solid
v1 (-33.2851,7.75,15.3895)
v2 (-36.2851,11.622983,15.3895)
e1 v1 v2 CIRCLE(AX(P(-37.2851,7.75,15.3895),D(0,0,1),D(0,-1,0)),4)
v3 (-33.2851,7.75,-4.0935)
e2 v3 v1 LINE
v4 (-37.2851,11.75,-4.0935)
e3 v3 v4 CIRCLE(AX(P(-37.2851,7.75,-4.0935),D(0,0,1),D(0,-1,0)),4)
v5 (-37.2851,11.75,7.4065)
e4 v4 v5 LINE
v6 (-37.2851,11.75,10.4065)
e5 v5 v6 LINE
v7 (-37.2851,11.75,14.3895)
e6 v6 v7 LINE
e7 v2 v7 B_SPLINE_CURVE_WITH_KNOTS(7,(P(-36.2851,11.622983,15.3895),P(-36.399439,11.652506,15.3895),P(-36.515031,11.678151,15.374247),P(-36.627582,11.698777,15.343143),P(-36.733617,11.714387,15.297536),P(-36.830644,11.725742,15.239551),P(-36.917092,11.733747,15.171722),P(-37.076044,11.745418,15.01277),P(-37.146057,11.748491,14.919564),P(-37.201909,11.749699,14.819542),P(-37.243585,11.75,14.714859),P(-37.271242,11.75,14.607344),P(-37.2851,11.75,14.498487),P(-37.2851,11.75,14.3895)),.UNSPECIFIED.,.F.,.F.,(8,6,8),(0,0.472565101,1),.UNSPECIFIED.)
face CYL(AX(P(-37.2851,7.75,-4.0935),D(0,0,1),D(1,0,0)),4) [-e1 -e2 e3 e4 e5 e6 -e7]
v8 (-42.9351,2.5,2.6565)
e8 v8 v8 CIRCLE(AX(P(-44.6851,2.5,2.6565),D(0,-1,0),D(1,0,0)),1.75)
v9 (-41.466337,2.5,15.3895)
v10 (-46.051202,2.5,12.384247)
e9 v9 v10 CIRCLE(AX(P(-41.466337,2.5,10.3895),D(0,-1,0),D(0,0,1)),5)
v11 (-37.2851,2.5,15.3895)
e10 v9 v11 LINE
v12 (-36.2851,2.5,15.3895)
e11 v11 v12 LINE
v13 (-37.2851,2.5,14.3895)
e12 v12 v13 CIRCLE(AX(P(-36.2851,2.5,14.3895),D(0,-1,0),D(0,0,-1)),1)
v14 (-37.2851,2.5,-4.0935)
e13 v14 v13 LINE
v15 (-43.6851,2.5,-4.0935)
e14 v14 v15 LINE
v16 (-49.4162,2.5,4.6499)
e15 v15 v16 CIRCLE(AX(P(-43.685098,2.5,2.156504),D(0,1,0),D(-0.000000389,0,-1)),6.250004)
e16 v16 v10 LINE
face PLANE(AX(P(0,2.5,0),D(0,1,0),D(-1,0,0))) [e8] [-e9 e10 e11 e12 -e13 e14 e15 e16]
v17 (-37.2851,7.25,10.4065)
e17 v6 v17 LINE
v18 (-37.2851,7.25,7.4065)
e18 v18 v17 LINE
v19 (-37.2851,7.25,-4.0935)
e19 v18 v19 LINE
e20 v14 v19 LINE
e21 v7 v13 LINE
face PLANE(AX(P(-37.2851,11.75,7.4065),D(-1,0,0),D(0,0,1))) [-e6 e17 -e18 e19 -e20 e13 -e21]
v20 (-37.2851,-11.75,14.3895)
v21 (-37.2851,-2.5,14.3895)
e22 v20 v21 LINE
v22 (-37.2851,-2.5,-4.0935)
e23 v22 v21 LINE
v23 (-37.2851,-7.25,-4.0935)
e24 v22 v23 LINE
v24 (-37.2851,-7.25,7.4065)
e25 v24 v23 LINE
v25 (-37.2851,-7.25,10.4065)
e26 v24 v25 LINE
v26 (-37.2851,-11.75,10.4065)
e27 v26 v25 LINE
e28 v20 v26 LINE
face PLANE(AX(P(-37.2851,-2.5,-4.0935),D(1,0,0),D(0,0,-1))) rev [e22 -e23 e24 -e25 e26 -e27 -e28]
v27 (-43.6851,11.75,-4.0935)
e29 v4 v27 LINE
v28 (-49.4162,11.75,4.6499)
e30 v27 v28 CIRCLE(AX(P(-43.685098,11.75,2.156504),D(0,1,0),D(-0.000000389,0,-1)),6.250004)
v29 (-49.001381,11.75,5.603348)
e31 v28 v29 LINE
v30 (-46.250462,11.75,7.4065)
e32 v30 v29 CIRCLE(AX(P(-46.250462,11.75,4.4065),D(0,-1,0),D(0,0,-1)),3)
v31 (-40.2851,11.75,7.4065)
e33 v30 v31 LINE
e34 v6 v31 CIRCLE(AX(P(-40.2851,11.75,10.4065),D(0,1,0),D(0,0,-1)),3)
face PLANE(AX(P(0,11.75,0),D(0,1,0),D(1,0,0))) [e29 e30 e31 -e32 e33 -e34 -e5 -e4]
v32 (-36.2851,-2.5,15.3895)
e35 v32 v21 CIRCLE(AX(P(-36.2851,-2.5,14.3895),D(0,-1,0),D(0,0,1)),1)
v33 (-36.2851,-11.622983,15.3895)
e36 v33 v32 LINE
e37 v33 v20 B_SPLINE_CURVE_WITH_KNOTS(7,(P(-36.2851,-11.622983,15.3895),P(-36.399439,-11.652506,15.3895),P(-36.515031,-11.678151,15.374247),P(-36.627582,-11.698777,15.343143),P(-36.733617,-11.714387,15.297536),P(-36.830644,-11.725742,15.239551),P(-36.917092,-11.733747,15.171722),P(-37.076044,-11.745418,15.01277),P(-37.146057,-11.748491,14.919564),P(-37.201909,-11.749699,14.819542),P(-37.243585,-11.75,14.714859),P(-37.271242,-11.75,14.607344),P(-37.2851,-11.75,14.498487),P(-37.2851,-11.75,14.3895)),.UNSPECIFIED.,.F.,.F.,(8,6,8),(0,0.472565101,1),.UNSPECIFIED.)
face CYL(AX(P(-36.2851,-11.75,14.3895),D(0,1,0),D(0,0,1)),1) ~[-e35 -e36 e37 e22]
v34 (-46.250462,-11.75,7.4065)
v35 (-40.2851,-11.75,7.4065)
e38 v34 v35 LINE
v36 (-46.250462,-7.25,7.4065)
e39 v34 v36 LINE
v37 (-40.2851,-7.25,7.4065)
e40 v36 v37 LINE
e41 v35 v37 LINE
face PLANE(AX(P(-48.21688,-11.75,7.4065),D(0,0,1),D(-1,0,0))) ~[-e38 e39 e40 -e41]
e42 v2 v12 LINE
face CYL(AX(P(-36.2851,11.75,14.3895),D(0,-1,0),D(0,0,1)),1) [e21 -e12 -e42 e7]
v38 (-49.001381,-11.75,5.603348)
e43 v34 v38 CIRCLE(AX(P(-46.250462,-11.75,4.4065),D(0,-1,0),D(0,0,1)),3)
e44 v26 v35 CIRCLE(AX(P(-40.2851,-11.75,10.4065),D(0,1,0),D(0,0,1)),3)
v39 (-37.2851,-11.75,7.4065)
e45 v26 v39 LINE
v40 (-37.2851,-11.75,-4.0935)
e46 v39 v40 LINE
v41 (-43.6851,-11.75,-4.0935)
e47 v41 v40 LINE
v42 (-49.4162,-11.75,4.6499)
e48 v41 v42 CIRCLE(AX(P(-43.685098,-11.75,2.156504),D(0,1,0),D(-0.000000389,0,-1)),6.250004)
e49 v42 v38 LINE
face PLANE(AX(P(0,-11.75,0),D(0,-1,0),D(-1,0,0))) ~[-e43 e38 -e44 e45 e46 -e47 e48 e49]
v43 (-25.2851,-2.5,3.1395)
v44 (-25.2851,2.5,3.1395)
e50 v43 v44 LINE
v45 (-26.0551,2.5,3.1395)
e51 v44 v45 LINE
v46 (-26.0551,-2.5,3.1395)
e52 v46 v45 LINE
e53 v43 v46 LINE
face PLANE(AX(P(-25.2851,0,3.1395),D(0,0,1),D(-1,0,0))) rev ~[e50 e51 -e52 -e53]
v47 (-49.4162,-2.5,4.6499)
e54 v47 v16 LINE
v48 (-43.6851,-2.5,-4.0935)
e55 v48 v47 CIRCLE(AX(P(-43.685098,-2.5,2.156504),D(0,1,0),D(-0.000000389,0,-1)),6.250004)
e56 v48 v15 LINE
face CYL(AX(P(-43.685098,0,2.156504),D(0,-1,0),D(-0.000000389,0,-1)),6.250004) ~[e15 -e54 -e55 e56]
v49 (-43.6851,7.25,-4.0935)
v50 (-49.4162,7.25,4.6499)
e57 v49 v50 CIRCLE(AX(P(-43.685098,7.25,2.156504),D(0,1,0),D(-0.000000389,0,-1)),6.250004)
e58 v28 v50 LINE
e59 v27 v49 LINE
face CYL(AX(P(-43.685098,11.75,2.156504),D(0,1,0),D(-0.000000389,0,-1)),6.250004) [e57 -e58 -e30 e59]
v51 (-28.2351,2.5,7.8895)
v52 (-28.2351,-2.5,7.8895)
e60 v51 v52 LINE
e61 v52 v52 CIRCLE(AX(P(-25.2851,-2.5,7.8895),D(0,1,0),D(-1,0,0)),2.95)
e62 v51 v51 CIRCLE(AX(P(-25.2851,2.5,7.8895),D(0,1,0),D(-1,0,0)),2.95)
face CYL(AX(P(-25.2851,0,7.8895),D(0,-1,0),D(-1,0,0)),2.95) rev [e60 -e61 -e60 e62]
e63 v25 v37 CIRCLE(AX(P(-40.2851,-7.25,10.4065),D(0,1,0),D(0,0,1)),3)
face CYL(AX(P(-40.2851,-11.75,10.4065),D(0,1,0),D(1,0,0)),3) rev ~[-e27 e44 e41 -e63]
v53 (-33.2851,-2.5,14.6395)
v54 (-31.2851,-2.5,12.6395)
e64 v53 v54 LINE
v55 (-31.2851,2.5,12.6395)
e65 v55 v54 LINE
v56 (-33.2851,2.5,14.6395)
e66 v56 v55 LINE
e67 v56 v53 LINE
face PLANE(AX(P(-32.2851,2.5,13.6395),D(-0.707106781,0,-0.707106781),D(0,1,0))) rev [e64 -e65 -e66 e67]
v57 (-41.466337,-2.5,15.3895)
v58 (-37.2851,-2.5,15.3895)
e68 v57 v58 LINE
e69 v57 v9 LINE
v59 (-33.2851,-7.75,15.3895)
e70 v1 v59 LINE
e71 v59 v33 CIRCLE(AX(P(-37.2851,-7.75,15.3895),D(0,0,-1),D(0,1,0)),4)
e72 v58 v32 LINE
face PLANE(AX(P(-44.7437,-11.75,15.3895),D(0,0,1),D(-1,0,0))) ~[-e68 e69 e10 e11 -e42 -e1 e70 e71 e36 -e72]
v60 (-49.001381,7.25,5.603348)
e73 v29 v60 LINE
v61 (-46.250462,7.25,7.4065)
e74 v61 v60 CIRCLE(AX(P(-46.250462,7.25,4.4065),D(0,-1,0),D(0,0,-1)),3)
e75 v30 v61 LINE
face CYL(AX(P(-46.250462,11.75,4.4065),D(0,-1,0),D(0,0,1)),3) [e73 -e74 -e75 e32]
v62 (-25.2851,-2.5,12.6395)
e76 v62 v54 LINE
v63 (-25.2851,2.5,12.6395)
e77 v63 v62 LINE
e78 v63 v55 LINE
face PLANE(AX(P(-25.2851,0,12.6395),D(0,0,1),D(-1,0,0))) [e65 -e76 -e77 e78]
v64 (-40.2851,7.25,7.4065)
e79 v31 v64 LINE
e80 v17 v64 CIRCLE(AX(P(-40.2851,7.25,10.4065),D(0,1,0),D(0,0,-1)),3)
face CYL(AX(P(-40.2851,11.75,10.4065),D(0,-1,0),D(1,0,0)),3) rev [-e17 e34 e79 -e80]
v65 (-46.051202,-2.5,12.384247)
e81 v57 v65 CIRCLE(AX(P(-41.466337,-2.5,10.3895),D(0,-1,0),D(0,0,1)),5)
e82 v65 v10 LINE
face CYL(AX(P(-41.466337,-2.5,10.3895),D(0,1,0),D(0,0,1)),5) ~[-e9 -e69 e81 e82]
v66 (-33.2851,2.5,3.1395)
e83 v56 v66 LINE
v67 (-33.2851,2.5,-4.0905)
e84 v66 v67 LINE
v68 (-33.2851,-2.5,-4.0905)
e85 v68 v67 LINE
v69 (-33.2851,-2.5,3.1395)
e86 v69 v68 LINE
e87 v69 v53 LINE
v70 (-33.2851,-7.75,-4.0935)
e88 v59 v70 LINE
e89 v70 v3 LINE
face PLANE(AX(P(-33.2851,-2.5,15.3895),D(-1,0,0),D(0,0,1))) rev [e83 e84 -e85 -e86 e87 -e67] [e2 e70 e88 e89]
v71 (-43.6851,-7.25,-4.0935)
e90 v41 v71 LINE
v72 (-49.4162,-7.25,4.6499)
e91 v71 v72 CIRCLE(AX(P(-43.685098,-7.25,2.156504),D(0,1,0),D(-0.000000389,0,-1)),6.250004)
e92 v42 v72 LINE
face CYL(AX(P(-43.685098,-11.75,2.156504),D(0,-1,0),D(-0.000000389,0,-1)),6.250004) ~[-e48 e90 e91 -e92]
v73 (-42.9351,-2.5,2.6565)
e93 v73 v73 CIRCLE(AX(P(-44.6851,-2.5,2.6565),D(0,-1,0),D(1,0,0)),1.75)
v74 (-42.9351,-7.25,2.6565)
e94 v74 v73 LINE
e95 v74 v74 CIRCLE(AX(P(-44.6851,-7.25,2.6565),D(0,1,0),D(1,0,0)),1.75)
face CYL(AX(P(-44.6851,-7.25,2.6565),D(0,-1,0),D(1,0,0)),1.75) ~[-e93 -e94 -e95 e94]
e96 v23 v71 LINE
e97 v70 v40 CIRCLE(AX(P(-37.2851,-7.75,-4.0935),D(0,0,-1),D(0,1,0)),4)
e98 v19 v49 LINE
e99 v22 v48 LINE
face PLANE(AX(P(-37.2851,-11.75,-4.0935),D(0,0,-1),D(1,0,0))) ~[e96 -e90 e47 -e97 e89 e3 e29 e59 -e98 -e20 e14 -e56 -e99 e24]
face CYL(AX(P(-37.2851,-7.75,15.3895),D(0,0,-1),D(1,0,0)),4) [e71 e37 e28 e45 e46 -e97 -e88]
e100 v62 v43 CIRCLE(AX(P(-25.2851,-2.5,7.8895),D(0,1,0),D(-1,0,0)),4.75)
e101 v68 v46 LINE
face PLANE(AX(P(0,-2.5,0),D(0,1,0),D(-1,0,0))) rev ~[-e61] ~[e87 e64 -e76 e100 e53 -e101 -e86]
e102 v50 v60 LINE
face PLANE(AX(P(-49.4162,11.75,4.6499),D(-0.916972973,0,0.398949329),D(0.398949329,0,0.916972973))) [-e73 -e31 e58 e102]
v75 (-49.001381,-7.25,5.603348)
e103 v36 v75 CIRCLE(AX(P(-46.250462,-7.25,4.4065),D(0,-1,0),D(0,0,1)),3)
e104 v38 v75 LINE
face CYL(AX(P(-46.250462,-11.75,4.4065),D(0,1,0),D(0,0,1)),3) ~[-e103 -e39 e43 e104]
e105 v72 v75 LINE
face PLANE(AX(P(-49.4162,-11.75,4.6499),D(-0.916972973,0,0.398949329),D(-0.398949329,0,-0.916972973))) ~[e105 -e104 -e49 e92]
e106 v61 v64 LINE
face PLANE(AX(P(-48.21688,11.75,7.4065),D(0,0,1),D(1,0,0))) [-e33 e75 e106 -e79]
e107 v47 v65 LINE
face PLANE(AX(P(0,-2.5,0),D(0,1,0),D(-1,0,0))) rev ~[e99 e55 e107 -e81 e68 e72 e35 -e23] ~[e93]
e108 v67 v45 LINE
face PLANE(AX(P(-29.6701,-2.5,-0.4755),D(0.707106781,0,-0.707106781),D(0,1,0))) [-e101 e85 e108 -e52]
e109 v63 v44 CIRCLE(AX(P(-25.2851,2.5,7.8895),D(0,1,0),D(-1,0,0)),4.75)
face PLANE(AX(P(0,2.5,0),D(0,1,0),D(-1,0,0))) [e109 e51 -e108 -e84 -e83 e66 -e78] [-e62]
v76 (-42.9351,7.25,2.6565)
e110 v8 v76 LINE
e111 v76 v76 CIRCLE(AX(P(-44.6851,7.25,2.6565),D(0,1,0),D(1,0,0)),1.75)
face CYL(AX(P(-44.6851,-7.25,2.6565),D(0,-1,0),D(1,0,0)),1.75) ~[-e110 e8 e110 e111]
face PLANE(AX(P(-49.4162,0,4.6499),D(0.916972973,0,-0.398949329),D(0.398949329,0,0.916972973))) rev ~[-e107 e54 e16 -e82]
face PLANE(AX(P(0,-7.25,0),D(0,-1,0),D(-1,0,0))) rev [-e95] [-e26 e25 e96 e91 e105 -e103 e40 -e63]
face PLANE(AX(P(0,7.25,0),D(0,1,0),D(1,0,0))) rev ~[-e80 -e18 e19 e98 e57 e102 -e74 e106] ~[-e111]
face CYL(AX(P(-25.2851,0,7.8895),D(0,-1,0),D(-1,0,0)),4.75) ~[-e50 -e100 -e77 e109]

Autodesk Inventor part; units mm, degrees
ref_plane "YZ Plane" through (0, 0, 0) normal (1, 0, 0) x (0, 1, 0)
ref_plane "XZ Plane" through (0, 0, 0) normal (0, 1, 0) x (-1, 0, 0)
ref_plane "XY Plane" through (0, 0, 0) normal (0, 0, 1) x (1, 0, 0)
sketch "Sketch2" plane through (0, 0, 0) normal (0, 1, 0) x (-1, 0, 0)
  circle A0 centre (25.2851, 7.8895) radius 2.95
  circle A1 centre (25.2851, 7.8895) radius 4.75
  line L0 (25.2851, 3.1395) -> (33.2851, 3.1395)
  line L1 (25.2851, 12.6395) -> (33.2851, 12.6395)
  line L2 (33.2851, 3.1395) -> (33.2851, -4.0935)
  line L3 (33.2851, -4.0935) -> (43.6851, -4.0935)
  arc A2 (43.6851, -4.0935) -> (49.4162, 4.6499) centre (43.6851, 2.1565) ccw
  line L4 (49.4162, 4.6499) -> (44.7437, 15.3895)
  line L5 (44.7437, 15.3895) -> (33.2851, 15.3895)
  line L6 (33.2851, 15.3895) -> (33.2851, 12.6395)
  point P0 (0, 0)
  dimension "d0" = 5.9
  dimension "d1" = 9.5
  dimension "d2" = 8
  dimension "d4" = 10.4
  dimension "d21" = 11.983
  dimension "d22" = 6.25
extrude "Extrusion1" add sketch "Sketch2" along normal mid plane 5
sketch "Sketch4" plane through (0, 2.5, 0) normal (0, 1, 0) x (1, 0, 0)
  line L0 (-33.2851, -3.1395) -> (-33.2851, 4.0935) projected
  line L1 (-44.7437, -15.3895) -> (-33.2851, -15.3895) projected
  line L2 (-33.2851, 4.0935) -> (-37.2851, 4.0935)
  line L3 (-37.2851, 4.0935) -> (-37.2851, -15.3895)
  line L4 (-37.2851, -15.3895) -> (-33.2851, -15.3895)
  line L5 (-33.2851, -15.3895) -> (-33.2851, 4.0935)
  point P0 (0, 0)
  dimension "d8" = 4
extrude "Extrusion2" add sketch "Sketch4" along normal blind 9.25
sketch "Sketch5" plane through (0, 11.75, 0) normal (0, 1, 0) x (1, 0, 0)
  line L0 (-37.2851, -15.3895) -> (-37.2851, 4.0935) projected
  line L1 (-37.2851, 4.0935) -> (-43.6851, 4.0935) projected
  arc A0 (-43.6851, 4.0935) -> (-49.4162, -4.6499) centre (-43.6851, -2.1565) ccw projected
  line L2 (-49.4162, -4.6499) -> (-44.7437, -15.3895) projected
  line L3 (-44.7437, -15.3895) -> (-37.2851, -15.3895) projected
  point P0 (0, 0)
extrude "Extrusion3" add sketch "Sketch5" against normal blind 4.5
ref_plane "Work Plane1" through (0, 0, 0) normal (0, 1, 0) x (1, 0, 0)
mirror "Mirror1" about plane through (0, 0, 0) normal (0, 1, 0) of "Extrusion2", "Extrusion3"
sketch "Sketch6" plane through (-44.7437, -7.25, 15.3895) normal (0, 1, 0) x (1, 0, 0)
  point P0 (44.7437, 15.3895)
chamfer "Chamfer1" distance 2 angle 45 1 edges at (-33.2851, 0, 12.6395)
fillet "Fillet2" radius 4 2 edges at (-33.2851, 11.75, 5.648) (-33.2851, -11.75, 5.648)
sketch "Sketch7" plane through (-44.7437, -7.25, 15.3895) normal (0, 1, 0) x (1, 0, 0)
  arc A0 (1.0586, 19.483) -> (-4.6725, 10.7396) centre (1.0586, 13.233) ccw projected
  circle A1 centre (0.0586, 12.733) radius 1.75
  circle A2 centre (0.0586, 12.733) radius 6.75
  line L0 (1.0586, 19.483) -> (7.4586, 19.483) projected
  line L1 (1.0586, 19.483) -> (-38.3116, 19.483) construction
  point P0 (44.7437, 15.3895)
  dimension "d18" = 3.5
  dimension "d24" = 13.5
  dimension "d25" = 1
  dimension "d26" = 0.5
extrude "Extrusion4" add sketch "Sketch7" along normal up to surface (14.5 mm away) contours A1
sketch "Sketch8" plane through (0, 11.75, 0) normal (0, 1, 0) x (1, 0, 0)
  line L0 (-54.2603, -7.4065) -> (-37.2851, -7.4065)
  line L1 (-37.2851, -7.4065) -> (-37.2851, -23.5954)
  line L2 (-37.2851, 4.0935) -> (-37.2851, -15.3895) projected
  line L3 (-37.2851, 4.0935) -> (-43.6851, 4.0935) projected
  arc A0 (-43.6851, 4.0935) -> (-49.4162, -4.6499) centre (-43.6851, -2.1565) ccw projected
  line L4 (-49.4162, -4.6499) -> (-44.7437, -15.3895) projected
  line L5 (-44.7437, -15.3895) -> (-37.2851, -15.3895) projected
  point P0 (0, 0)
  point P1 (-48.2169, -7.4065)
  dimension "d28" = 11.5
extrude "Extrusion5" cut sketch "Sketch8" against normal up to surface (4.5 mm away) contours L0 L1 L5 L4
mirror "Mirror2" about plane through (0, 0, 0) normal (0, 1, 0) of "Extrusion5"
fillet "Fillet3" radius 3 2 edges at (-48.2169, 9.5, 7.4065) (-37.2851, 9.5, 7.4065)
fillet "Fillet4" radius 3 2 edges at (-48.2169, -9.5, 7.4065) (-37.2851, -9.5, 7.4065)
fillet "Fillet5" radius 5 1 edges at (-44.7437, 0, 15.3895)
fillet "Fillet6" radius 1 2 edges at (-37.2851, 7.125, 15.3895) (-37.2851, -7.125, 15.3895)
chamfer "Chamfer2" distance 7.23 angle 45 1 edges at (-33.2851, 0, 3.1395)
properties part number "hIP"
